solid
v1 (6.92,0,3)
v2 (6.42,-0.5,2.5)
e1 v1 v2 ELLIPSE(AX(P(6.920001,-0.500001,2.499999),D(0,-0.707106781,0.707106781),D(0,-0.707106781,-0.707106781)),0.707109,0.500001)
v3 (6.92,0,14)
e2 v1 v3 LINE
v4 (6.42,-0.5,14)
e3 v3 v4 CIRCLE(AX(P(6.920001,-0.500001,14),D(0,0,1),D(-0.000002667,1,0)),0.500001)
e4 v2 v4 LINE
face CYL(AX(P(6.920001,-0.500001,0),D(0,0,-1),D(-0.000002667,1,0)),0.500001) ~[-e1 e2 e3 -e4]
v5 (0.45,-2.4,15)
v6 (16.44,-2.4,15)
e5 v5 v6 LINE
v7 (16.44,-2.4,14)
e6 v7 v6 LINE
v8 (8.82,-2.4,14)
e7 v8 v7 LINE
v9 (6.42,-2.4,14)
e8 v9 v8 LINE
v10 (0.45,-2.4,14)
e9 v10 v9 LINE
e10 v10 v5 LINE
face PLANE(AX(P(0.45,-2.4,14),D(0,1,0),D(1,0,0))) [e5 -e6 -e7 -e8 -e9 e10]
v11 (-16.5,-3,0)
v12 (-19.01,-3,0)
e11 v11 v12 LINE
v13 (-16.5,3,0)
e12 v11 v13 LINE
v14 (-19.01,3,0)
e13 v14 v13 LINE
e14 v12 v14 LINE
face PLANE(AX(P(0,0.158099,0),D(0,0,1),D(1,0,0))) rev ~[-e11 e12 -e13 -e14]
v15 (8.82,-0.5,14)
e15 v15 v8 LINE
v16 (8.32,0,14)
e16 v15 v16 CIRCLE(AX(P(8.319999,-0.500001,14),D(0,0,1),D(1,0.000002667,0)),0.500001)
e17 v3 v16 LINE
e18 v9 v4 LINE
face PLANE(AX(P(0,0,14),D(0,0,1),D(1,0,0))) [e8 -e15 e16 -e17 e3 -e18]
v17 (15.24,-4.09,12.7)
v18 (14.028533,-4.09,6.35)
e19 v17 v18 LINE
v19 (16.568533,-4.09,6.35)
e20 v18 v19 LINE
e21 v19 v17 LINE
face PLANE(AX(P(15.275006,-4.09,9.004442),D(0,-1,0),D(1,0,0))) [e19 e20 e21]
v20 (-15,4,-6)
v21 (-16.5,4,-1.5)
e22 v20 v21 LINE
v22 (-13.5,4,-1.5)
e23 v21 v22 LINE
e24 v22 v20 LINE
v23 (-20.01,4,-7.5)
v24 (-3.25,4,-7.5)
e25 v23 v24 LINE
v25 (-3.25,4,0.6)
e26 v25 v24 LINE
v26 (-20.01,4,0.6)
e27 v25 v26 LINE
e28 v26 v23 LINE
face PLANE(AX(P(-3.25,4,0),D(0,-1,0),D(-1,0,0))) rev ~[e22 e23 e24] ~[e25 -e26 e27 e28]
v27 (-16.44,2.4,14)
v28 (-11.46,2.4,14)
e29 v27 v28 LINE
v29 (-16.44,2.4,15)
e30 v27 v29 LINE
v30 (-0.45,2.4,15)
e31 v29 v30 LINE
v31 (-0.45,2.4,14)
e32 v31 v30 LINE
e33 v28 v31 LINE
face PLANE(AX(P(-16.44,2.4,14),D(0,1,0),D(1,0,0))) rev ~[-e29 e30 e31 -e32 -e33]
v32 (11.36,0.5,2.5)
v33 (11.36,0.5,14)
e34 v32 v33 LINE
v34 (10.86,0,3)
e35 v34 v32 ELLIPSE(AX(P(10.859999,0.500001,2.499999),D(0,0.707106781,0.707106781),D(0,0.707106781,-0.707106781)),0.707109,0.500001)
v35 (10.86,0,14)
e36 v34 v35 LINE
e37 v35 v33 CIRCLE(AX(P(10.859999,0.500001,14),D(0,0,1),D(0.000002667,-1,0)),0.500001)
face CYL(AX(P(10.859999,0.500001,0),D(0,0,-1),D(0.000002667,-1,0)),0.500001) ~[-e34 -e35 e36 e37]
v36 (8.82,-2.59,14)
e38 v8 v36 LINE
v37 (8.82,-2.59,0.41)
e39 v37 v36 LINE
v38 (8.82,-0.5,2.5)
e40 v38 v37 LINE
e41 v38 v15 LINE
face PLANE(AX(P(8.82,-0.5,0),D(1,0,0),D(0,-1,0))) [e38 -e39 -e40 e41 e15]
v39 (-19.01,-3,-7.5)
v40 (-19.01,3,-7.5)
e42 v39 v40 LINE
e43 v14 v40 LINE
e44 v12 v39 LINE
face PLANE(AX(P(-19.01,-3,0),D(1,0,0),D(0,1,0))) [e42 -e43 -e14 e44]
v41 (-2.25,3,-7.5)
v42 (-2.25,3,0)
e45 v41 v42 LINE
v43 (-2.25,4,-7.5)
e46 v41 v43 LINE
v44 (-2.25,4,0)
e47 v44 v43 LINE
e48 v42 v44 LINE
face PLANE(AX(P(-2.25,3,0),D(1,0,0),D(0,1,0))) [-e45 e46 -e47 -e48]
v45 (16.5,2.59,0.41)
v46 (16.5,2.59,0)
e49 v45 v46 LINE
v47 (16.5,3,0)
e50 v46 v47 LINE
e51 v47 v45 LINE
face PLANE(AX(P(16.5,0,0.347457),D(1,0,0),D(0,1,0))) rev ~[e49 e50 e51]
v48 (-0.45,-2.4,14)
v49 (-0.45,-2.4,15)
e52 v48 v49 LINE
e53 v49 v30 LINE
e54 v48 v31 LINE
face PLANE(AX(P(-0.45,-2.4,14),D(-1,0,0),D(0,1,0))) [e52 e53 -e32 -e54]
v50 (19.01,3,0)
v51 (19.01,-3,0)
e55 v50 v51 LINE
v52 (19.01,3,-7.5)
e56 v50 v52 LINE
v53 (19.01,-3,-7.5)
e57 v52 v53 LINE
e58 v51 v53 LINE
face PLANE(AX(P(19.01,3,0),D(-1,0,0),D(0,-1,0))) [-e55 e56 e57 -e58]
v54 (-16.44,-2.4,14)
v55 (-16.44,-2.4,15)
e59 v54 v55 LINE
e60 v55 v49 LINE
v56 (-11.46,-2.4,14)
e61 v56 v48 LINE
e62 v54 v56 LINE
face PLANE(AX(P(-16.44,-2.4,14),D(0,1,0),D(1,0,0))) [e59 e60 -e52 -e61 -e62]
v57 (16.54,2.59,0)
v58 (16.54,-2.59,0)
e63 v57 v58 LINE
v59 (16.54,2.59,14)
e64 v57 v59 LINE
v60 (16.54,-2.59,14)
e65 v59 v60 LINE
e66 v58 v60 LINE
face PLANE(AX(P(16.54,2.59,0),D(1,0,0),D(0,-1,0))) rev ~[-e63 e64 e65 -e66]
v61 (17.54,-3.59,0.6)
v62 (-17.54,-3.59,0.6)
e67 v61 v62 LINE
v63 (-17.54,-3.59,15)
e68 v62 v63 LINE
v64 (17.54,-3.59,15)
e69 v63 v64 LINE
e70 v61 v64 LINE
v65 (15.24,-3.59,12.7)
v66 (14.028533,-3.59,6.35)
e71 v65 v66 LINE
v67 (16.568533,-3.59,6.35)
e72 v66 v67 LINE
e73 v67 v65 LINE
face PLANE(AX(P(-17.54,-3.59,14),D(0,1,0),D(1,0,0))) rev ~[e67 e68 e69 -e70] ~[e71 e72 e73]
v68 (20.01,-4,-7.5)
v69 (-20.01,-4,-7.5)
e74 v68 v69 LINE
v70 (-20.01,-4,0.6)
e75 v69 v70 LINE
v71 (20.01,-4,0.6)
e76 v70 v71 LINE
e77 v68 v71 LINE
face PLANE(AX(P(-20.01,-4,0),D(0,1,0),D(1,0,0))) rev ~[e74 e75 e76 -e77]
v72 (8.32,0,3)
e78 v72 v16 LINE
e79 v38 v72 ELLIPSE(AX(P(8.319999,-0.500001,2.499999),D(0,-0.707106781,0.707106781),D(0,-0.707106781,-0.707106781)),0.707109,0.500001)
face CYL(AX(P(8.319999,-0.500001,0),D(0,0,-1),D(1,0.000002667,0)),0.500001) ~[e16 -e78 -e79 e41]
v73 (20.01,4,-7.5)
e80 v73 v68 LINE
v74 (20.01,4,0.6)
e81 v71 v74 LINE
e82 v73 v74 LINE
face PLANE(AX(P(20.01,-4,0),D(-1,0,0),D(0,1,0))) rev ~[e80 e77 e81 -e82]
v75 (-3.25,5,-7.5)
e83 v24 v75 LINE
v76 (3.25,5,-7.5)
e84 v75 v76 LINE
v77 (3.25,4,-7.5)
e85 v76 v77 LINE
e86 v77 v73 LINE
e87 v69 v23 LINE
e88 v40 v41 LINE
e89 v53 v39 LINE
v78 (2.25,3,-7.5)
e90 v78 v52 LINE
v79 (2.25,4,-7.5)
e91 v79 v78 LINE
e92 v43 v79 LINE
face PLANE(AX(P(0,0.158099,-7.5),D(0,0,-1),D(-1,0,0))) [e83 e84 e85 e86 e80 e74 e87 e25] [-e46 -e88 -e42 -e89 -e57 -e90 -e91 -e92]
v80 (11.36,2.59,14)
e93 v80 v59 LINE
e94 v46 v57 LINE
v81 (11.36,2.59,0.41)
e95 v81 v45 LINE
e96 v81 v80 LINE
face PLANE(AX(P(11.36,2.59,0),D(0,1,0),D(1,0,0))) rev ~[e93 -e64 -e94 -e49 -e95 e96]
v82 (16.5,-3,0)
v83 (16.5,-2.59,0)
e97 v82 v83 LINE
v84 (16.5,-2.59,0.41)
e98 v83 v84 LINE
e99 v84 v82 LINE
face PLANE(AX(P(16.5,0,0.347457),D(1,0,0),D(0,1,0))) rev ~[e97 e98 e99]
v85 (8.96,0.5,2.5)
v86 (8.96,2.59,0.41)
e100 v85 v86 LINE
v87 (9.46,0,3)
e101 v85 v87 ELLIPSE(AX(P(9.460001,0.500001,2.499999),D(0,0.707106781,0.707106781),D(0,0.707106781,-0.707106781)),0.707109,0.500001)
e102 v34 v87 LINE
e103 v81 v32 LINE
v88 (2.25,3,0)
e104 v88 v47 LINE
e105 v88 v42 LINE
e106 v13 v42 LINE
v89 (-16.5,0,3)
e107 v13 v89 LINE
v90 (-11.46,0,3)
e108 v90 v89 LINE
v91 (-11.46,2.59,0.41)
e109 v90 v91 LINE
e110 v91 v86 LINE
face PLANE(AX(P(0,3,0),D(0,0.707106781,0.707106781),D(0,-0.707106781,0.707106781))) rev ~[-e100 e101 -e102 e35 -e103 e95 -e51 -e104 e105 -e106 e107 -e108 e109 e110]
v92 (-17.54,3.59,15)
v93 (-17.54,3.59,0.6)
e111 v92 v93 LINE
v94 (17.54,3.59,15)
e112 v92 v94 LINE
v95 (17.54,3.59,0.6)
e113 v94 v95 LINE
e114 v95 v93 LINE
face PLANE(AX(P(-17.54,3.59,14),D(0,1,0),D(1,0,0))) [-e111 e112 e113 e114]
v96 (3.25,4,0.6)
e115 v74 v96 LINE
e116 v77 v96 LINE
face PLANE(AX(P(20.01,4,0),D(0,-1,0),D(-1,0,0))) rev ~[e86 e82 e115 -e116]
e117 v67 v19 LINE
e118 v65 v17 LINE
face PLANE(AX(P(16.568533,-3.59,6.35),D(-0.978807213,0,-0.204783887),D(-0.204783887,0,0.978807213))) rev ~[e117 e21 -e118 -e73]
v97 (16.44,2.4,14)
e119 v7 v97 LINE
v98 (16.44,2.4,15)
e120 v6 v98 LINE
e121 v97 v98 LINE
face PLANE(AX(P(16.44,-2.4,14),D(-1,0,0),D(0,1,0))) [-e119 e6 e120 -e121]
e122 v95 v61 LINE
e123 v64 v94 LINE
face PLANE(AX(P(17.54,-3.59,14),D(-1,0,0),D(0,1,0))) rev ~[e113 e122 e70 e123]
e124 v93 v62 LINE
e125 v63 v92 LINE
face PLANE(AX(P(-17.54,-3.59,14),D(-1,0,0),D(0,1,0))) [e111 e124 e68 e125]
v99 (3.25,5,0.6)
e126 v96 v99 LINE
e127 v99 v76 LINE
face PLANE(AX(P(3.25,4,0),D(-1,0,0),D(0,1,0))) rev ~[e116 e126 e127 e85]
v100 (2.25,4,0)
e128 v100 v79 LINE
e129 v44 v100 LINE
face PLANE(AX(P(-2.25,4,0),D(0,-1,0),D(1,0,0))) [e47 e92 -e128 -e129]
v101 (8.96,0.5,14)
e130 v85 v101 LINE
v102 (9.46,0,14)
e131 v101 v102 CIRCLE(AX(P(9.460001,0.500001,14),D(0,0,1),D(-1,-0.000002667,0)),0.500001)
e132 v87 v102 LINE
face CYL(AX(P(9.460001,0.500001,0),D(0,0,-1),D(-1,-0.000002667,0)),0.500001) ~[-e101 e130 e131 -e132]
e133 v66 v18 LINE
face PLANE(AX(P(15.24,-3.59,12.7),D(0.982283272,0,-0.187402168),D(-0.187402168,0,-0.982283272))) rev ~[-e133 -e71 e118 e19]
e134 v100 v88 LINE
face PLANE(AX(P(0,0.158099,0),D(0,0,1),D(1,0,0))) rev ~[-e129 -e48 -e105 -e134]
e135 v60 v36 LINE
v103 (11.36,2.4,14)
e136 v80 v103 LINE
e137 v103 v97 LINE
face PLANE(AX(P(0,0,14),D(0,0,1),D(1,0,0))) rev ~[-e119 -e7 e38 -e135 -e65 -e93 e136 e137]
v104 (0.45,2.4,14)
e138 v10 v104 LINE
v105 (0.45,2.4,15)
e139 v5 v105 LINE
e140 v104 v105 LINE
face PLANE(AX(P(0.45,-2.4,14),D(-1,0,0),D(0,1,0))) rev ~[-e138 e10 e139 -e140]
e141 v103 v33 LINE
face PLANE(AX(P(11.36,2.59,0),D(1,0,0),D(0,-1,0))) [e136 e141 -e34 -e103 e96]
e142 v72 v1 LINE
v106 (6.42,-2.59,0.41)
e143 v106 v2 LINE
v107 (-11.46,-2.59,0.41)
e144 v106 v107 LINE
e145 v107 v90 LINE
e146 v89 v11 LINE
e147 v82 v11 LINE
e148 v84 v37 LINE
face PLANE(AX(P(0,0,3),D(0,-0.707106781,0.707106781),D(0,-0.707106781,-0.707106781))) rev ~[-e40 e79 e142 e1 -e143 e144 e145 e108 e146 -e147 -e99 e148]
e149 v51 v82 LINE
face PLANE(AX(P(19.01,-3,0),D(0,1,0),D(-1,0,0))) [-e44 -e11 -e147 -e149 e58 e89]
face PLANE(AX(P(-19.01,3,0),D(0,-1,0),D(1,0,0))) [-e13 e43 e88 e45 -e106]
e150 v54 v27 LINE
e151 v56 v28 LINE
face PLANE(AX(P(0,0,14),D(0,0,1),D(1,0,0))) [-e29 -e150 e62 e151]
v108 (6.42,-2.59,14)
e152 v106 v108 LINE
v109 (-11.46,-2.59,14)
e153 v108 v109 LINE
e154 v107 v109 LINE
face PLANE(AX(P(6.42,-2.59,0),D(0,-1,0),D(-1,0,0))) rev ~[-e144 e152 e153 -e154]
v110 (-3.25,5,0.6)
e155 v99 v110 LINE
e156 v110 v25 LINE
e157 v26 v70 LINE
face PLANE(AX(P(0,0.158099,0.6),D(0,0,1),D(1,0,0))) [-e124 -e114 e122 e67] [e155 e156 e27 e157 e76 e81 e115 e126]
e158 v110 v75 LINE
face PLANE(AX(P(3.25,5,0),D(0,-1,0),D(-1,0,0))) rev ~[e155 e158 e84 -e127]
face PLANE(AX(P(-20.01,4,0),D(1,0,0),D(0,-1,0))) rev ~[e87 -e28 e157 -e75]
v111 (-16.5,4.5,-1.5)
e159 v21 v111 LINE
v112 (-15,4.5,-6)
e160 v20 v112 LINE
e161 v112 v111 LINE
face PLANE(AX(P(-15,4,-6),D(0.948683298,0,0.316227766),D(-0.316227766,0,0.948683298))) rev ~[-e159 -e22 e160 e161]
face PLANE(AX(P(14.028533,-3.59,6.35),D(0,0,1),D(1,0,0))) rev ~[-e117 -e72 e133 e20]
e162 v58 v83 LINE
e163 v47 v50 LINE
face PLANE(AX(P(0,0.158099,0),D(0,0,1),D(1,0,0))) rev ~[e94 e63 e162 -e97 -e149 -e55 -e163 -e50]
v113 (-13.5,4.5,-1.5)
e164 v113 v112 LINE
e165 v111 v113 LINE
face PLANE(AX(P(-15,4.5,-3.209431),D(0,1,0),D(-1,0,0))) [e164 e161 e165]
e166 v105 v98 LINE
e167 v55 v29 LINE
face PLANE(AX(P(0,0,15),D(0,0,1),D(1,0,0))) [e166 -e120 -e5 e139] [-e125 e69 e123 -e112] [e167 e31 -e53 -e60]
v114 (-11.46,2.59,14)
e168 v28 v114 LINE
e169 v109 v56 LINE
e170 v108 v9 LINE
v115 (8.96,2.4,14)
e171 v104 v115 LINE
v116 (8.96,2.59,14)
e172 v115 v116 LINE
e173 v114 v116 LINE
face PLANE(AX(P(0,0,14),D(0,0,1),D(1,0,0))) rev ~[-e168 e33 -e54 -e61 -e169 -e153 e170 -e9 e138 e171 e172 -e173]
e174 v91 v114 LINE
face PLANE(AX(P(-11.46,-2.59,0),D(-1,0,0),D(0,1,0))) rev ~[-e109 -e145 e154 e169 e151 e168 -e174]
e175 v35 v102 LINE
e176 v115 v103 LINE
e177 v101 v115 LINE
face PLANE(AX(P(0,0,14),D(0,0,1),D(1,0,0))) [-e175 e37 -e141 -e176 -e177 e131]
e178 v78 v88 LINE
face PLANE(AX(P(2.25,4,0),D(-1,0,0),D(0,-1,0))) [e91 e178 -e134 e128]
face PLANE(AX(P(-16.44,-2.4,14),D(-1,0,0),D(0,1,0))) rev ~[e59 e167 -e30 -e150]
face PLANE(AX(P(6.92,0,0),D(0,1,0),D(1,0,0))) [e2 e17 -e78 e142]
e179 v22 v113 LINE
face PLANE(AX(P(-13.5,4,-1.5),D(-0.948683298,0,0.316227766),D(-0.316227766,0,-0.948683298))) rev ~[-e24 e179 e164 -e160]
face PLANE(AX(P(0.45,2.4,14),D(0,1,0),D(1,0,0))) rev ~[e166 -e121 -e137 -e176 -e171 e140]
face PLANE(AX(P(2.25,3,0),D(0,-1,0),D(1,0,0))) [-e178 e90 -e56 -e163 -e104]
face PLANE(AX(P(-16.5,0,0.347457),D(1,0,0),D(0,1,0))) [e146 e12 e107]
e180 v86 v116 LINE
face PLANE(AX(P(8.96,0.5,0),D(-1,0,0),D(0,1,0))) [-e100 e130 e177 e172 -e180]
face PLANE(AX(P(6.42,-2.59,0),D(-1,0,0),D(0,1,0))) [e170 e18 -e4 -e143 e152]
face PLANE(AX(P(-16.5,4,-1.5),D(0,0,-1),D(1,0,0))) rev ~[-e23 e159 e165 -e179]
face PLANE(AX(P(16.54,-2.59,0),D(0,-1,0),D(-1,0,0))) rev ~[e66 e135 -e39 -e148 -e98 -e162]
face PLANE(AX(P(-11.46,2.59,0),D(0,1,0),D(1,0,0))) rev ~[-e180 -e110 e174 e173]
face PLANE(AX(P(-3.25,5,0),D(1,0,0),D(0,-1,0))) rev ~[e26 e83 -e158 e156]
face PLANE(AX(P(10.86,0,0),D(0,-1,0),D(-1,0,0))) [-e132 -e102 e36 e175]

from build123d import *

# Parameters (mm, degrees)
PAD_DEPTH     = 7.5
SKETCH002_W   = 34
SKETCH002_H   = 6.8
PAD001_DEPTH  = 0.6
SKETCH001_W   = 35.08
SKETCH001_H   = 7.18
PAD002_DEPTH  = 14
PAD003_DEPTH  = 0.5
PAD004_DEPTH  = 0.5
SKETCH005_W   = 35.08
SKETCH005_H   = 7.18
SKETCH005_W_2 = 15.99
SKETCH005_H_2 = 4.8
PAD005_DEPTH  = 1
POCKET_DEPTH  = 16.5


with BuildPart() as part:
    # Sketch → Pad (new body)
    with BuildSketch(Plane.XY):
        Polygon((-20.01, 4), (-3.25, 4), (-3.25, 5), (3.25, 5), (3.25, 4), (20.01, 4), (20.01, -4), (-20.01, -4), align=None)
        Polygon((-19.01, 3), (-2.25, 3), (-2.25, 4), (2.25, 4), (2.25, 3), (19.01, 3), (19.01, -3), (-19.01, -3), align=None, mode=Mode.SUBTRACT)
    extrude(amount=-PAD_DEPTH)

    # Sketch002 → Pad001 (join)
    with BuildSketch(Plane.XY):
        Polygon((-20.01, 4), (-20.01, -4), (20.01, -4), (20.01, 4), (3.25, 4), (3.25, 5), (-3.25, 5), (-3.25, 4), align=None)
        Rectangle(SKETCH002_W, SKETCH002_H, mode=Mode.SUBTRACT)
    extrude(amount=PAD001_DEPTH)

    # Sketch001 → Pad002 (join)
    with BuildSketch(Plane.XY):
        Rectangle(SKETCH001_W, SKETCH001_H)
        with BuildLine():
            Line((16.54, 2.59), (16.54, -2.59))
            Line((16.54, -2.59), (8.82, -2.59))
            Line((8.82, -0.5), (8.82, -2.59))
            ThreePointArc((8.82, -0.5), (8.673553, -0.146447), (8.32, 0))
            Line((6.92, 0), (8.32, 0))
            ThreePointArc((6.92, 0), (6.566447, -0.146447), (6.42, -0.5))
            Line((6.42, -2.59), (6.42, -0.5))
            Line((6.42, -2.59), (-11.46, -2.59))
            Line((-11.46, -2.59), (-11.46, 2.59))
            Line((-11.46, 2.59), (8.96, 2.59))
            Line((8.96, 0.5), (8.96, 2.59))
            ThreePointArc((8.96, 0.5), (9.106447, 0.146447), (9.46, 0))
            Line((10.86, 0), (9.46, 0))
            ThreePointArc((10.86, 0), (11.213553, 0.146447), (11.36, 0.5))
            Line((11.36, 2.59), (11.36, 0.5))
            Line((11.36, 2.59), (16.54, 2.59))
        make_face(mode=Mode.SUBTRACT)
    extrude(amount=PAD002_DEPTH)

    # Sketch003 (on Face1 of Pad) → Pad003 (join)
    with BuildSketch(Plane(origin=(0, 4, 0), x_dir=(-1, 0, 0), z_dir=(0, 1, 0))):
        Polygon((15, -6), (16.5, -1.5), (13.5, -1.5), align=None)
    extrude(amount=PAD003_DEPTH)

    # Sketch004 (on Face33 of Pad003) → Pad004 (join)
    with BuildSketch(Plane.XZ.offset(3.59)):
        Polygon((16.568533, 6.35), (15.24, 12.7), (14.028533, 6.35), align=None)
    extrude(amount=PAD004_DEPTH)

    # Sketch005 → Pad005 (join)
    with BuildSketch(Plane.XY.offset(14)):
        Rectangle(SKETCH005_W, SKETCH005_H)
        with Locations((-8.445, 0)):
            Rectangle(SKETCH005_W_2, SKETCH005_H_2, mode=Mode.SUBTRACT)
        with Locations((8.445, 0)):
            Rectangle(SKETCH005_W_2, SKETCH005_H_2, mode=Mode.SUBTRACT)
    extrude(amount=PAD005_DEPTH)

    # Sketch006 → Pocket (cut, symmetric)
    with BuildSketch(Plane.YZ):
        Polygon((-3, 0), (-3, -1), (3, -1), (3, 0), (0, 3), align=None)
    extrude(amount=POCKET_DEPTH, both=True, mode=Mode.SUBTRACT)


solid = part.part
